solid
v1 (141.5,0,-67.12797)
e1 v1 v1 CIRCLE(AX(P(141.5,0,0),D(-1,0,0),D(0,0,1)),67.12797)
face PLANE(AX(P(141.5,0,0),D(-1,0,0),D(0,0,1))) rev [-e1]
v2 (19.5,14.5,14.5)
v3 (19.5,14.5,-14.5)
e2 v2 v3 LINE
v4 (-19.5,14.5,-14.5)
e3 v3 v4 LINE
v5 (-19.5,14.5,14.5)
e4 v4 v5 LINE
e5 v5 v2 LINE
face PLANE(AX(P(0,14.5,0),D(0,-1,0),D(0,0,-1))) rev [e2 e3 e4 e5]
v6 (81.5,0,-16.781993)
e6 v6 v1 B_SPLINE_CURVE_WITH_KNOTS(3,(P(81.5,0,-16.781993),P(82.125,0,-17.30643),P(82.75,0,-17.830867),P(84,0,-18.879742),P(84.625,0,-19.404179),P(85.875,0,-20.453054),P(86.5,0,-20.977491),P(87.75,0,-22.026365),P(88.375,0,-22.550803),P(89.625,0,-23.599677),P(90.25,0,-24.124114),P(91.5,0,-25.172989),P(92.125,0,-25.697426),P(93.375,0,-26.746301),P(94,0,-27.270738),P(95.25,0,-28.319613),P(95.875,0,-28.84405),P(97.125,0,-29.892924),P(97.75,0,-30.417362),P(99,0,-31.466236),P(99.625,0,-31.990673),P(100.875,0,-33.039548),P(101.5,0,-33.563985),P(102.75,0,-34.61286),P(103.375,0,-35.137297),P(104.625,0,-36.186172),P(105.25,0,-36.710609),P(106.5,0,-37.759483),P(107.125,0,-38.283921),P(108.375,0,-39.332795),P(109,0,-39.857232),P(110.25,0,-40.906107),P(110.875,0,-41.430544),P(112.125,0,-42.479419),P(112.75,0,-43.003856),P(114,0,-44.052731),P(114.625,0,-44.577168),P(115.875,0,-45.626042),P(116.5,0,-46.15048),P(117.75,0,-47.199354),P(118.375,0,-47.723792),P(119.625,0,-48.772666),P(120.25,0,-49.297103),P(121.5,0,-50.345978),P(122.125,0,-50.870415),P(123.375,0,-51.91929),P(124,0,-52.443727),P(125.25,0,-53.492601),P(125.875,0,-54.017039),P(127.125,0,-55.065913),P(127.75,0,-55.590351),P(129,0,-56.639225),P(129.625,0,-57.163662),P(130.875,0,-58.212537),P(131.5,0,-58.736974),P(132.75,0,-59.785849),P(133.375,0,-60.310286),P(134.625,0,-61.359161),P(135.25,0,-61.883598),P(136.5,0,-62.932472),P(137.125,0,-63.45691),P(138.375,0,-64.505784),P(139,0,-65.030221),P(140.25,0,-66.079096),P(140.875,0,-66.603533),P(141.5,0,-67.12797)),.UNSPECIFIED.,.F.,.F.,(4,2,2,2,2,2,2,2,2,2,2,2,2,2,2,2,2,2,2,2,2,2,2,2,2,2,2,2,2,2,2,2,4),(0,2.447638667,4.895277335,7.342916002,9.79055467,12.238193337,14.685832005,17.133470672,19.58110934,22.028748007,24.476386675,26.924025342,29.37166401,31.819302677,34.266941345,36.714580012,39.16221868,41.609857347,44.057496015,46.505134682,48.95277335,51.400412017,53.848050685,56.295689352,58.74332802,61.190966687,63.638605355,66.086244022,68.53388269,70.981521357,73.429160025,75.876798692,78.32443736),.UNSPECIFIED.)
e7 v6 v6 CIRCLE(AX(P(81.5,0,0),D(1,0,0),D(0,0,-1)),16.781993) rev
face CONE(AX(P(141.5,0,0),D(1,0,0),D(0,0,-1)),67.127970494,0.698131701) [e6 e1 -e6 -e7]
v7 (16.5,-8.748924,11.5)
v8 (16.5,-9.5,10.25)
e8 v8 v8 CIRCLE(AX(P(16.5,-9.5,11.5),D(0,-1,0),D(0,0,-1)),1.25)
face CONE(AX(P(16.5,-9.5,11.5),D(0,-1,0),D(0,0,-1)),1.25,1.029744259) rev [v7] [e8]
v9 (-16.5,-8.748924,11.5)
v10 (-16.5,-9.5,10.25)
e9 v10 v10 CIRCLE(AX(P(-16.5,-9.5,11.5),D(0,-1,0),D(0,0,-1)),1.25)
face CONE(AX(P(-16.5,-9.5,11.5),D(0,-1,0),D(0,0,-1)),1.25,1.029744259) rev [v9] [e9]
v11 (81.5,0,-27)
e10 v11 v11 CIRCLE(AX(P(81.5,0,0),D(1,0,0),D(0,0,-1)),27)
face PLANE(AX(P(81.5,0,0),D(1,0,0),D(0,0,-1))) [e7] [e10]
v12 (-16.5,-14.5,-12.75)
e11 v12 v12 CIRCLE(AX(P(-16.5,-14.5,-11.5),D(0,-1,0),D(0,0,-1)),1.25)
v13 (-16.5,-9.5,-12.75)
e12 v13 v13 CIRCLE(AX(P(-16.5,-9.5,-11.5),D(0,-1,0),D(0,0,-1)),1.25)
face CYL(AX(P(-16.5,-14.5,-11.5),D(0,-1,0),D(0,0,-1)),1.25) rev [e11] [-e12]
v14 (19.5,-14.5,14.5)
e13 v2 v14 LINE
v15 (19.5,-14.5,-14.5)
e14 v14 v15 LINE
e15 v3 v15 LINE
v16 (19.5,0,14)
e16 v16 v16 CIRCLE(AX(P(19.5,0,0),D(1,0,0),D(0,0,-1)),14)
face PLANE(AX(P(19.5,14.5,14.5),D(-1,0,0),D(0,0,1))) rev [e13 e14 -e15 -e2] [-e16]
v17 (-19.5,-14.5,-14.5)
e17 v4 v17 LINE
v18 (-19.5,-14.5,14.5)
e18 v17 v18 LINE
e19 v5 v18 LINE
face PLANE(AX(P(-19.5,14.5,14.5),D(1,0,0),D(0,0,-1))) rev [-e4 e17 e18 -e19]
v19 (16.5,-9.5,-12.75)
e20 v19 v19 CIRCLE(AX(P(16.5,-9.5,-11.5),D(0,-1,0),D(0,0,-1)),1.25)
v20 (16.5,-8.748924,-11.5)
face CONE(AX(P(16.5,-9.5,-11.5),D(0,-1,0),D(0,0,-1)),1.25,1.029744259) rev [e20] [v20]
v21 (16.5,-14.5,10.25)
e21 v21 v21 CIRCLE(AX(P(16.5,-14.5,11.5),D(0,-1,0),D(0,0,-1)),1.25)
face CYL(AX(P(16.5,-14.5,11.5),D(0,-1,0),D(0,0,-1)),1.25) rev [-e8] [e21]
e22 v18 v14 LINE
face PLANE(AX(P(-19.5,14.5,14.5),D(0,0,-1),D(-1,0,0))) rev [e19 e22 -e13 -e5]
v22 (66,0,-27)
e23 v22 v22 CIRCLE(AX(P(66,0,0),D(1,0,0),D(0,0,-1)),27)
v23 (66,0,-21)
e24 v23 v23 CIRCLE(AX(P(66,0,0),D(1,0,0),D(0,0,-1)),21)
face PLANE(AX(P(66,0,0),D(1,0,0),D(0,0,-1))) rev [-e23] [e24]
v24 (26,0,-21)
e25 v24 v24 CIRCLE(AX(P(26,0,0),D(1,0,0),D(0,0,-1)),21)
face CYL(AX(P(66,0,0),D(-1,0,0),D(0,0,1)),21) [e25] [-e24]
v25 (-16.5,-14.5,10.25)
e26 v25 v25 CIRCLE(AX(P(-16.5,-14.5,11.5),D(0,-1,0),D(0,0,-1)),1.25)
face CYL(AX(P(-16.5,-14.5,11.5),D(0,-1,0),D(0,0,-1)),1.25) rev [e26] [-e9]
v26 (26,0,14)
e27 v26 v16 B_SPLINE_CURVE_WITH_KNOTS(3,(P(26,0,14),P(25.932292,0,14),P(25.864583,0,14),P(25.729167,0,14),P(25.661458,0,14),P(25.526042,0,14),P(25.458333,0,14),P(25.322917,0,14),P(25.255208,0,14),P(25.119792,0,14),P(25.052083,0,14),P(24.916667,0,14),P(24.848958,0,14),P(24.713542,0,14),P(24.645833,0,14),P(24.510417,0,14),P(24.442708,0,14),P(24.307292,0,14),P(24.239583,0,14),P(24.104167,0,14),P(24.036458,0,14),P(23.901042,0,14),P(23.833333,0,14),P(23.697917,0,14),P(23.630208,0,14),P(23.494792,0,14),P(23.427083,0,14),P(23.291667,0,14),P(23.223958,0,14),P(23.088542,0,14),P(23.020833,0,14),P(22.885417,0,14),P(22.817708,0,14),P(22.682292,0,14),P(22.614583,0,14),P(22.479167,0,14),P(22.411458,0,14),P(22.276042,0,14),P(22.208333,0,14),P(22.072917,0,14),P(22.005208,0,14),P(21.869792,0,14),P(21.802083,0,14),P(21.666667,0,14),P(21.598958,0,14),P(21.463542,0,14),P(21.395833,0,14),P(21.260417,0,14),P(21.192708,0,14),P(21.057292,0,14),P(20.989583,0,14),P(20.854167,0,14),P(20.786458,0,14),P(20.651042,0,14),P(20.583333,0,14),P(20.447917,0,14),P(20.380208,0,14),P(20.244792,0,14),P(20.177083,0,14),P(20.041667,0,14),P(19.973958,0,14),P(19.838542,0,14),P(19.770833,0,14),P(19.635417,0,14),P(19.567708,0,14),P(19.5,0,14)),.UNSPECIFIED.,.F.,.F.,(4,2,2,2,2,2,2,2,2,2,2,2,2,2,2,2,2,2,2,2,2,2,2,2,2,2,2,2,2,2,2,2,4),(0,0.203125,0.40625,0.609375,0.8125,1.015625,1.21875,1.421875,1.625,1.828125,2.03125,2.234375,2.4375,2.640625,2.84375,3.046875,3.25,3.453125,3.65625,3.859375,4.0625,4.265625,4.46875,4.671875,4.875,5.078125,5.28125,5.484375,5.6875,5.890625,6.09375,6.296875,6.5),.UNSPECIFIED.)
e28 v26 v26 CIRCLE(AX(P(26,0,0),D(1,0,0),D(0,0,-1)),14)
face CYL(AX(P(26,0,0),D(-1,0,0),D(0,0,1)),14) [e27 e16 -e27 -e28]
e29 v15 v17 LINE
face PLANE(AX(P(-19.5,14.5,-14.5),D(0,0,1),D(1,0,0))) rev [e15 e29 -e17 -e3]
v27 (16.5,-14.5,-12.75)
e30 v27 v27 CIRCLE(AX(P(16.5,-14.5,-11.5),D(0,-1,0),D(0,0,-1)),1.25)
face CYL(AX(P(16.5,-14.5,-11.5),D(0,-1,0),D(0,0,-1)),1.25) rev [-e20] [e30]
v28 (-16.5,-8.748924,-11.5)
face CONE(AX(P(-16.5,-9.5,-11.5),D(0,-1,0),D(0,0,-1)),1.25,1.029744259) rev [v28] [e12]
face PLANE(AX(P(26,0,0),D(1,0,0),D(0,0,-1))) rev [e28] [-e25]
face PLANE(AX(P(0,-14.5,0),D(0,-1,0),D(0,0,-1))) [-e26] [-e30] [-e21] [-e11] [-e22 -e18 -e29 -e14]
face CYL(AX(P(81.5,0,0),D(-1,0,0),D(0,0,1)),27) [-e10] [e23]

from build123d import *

# Parameters (mm, degrees)
SKETCH2_W                 = 39
SKETCH2_H                 = 29
BOSS_EXTRUDE1_DEPTH       = 14.5
SKETCH4_R                 = 14
BOSS_EXTRUDE2_DEPTH       = 6.5
SKETCH5_R                 = 21
BOSS_EXTRUDE3_DEPTH       = 40
SKETCH6_R                 = 27
BOSS_EXTRUDE4_DEPTH       = 15.5
M3X0_5_TAPPED_HOLE1_D     = 2.5
M3X0_5_TAPPED_HOLE1_DEPTH = 5
M3X0_5_TAPPED_HOLE1_TIP   = 0.751075774


with BuildPart() as part:
    # Sketch2 → Boss-Extrude1 (new, symmetric)
    with BuildSketch(Plane(origin=(0, 0, 0), x_dir=(1, 0, 0), z_dir=(0, 1, 0))):
        Rectangle(SKETCH2_W, SKETCH2_H)
    extrude(amount=BOSS_EXTRUDE1_DEPTH, both=True)

    # Sketch4 → Boss-Extrude2 (add)
    with BuildSketch(Plane(origin=(19.5, 0, 0), x_dir=(0, 0, -1), z_dir=(1, 0, 0))):
        with Locations(Location((0, 0, 0), (0, 0, 180))):
            Circle(SKETCH4_R)
    extrude(amount=BOSS_EXTRUDE2_DEPTH)

    # Sketch5 → Boss-Extrude3 (add)
    with BuildSketch(Plane(origin=(26, 0, 0), x_dir=(0, 0, -1), z_dir=(1, 0, 0))):
        Circle(SKETCH5_R)
    extrude(amount=BOSS_EXTRUDE3_DEPTH)

    # Sketch6 → Boss-Extrude4 (add)
    with BuildSketch(Plane(origin=(66, 0, 0), x_dir=(0, 0, -1), z_dir=(1, 0, 0))):
        Circle(SKETCH6_R)
    extrude(amount=BOSS_EXTRUDE4_DEPTH)

    # M3x0.5 Tapped Hole1
    with Locations(Plane(origin=(0, -14.5, 0), x_dir=(-1, 0, 0), z_dir=(0, -1, 0))):
        with Locations((-16.5, 11.5), (16.5, 11.5), (16.5, -11.5), (-16.5, -11.5)):
            Hole(M3X0_5_TAPPED_HOLE1_D / 2, depth=M3X0_5_TAPPED_HOLE1_DEPTH)
            with Locations((0, 0, -(M3X0_5_TAPPED_HOLE1_DEPTH + M3X0_5_TAPPED_HOLE1_TIP / 2))):  # 118° drill point
                Cone(0, M3X0_5_TAPPED_HOLE1_D / 2, M3X0_5_TAPPED_HOLE1_TIP, mode=Mode.SUBTRACT)

    # Sketch12 → Revolve1 (revolve)
    with BuildSketch(Plane.XY, mode=Mode.PRIVATE) as revolve1_sk:
        Polygon((61.5, 0), (141.5, 67.127970494), (141.5, 0), align=None)
    revolve(revolve1_sk.sketch.rotate(Axis((61.5, 0, 0), (1, 0, 0)), 270), axis=Axis((61.5, 0, 0), (1, 0, 0)))


solid = part.part
